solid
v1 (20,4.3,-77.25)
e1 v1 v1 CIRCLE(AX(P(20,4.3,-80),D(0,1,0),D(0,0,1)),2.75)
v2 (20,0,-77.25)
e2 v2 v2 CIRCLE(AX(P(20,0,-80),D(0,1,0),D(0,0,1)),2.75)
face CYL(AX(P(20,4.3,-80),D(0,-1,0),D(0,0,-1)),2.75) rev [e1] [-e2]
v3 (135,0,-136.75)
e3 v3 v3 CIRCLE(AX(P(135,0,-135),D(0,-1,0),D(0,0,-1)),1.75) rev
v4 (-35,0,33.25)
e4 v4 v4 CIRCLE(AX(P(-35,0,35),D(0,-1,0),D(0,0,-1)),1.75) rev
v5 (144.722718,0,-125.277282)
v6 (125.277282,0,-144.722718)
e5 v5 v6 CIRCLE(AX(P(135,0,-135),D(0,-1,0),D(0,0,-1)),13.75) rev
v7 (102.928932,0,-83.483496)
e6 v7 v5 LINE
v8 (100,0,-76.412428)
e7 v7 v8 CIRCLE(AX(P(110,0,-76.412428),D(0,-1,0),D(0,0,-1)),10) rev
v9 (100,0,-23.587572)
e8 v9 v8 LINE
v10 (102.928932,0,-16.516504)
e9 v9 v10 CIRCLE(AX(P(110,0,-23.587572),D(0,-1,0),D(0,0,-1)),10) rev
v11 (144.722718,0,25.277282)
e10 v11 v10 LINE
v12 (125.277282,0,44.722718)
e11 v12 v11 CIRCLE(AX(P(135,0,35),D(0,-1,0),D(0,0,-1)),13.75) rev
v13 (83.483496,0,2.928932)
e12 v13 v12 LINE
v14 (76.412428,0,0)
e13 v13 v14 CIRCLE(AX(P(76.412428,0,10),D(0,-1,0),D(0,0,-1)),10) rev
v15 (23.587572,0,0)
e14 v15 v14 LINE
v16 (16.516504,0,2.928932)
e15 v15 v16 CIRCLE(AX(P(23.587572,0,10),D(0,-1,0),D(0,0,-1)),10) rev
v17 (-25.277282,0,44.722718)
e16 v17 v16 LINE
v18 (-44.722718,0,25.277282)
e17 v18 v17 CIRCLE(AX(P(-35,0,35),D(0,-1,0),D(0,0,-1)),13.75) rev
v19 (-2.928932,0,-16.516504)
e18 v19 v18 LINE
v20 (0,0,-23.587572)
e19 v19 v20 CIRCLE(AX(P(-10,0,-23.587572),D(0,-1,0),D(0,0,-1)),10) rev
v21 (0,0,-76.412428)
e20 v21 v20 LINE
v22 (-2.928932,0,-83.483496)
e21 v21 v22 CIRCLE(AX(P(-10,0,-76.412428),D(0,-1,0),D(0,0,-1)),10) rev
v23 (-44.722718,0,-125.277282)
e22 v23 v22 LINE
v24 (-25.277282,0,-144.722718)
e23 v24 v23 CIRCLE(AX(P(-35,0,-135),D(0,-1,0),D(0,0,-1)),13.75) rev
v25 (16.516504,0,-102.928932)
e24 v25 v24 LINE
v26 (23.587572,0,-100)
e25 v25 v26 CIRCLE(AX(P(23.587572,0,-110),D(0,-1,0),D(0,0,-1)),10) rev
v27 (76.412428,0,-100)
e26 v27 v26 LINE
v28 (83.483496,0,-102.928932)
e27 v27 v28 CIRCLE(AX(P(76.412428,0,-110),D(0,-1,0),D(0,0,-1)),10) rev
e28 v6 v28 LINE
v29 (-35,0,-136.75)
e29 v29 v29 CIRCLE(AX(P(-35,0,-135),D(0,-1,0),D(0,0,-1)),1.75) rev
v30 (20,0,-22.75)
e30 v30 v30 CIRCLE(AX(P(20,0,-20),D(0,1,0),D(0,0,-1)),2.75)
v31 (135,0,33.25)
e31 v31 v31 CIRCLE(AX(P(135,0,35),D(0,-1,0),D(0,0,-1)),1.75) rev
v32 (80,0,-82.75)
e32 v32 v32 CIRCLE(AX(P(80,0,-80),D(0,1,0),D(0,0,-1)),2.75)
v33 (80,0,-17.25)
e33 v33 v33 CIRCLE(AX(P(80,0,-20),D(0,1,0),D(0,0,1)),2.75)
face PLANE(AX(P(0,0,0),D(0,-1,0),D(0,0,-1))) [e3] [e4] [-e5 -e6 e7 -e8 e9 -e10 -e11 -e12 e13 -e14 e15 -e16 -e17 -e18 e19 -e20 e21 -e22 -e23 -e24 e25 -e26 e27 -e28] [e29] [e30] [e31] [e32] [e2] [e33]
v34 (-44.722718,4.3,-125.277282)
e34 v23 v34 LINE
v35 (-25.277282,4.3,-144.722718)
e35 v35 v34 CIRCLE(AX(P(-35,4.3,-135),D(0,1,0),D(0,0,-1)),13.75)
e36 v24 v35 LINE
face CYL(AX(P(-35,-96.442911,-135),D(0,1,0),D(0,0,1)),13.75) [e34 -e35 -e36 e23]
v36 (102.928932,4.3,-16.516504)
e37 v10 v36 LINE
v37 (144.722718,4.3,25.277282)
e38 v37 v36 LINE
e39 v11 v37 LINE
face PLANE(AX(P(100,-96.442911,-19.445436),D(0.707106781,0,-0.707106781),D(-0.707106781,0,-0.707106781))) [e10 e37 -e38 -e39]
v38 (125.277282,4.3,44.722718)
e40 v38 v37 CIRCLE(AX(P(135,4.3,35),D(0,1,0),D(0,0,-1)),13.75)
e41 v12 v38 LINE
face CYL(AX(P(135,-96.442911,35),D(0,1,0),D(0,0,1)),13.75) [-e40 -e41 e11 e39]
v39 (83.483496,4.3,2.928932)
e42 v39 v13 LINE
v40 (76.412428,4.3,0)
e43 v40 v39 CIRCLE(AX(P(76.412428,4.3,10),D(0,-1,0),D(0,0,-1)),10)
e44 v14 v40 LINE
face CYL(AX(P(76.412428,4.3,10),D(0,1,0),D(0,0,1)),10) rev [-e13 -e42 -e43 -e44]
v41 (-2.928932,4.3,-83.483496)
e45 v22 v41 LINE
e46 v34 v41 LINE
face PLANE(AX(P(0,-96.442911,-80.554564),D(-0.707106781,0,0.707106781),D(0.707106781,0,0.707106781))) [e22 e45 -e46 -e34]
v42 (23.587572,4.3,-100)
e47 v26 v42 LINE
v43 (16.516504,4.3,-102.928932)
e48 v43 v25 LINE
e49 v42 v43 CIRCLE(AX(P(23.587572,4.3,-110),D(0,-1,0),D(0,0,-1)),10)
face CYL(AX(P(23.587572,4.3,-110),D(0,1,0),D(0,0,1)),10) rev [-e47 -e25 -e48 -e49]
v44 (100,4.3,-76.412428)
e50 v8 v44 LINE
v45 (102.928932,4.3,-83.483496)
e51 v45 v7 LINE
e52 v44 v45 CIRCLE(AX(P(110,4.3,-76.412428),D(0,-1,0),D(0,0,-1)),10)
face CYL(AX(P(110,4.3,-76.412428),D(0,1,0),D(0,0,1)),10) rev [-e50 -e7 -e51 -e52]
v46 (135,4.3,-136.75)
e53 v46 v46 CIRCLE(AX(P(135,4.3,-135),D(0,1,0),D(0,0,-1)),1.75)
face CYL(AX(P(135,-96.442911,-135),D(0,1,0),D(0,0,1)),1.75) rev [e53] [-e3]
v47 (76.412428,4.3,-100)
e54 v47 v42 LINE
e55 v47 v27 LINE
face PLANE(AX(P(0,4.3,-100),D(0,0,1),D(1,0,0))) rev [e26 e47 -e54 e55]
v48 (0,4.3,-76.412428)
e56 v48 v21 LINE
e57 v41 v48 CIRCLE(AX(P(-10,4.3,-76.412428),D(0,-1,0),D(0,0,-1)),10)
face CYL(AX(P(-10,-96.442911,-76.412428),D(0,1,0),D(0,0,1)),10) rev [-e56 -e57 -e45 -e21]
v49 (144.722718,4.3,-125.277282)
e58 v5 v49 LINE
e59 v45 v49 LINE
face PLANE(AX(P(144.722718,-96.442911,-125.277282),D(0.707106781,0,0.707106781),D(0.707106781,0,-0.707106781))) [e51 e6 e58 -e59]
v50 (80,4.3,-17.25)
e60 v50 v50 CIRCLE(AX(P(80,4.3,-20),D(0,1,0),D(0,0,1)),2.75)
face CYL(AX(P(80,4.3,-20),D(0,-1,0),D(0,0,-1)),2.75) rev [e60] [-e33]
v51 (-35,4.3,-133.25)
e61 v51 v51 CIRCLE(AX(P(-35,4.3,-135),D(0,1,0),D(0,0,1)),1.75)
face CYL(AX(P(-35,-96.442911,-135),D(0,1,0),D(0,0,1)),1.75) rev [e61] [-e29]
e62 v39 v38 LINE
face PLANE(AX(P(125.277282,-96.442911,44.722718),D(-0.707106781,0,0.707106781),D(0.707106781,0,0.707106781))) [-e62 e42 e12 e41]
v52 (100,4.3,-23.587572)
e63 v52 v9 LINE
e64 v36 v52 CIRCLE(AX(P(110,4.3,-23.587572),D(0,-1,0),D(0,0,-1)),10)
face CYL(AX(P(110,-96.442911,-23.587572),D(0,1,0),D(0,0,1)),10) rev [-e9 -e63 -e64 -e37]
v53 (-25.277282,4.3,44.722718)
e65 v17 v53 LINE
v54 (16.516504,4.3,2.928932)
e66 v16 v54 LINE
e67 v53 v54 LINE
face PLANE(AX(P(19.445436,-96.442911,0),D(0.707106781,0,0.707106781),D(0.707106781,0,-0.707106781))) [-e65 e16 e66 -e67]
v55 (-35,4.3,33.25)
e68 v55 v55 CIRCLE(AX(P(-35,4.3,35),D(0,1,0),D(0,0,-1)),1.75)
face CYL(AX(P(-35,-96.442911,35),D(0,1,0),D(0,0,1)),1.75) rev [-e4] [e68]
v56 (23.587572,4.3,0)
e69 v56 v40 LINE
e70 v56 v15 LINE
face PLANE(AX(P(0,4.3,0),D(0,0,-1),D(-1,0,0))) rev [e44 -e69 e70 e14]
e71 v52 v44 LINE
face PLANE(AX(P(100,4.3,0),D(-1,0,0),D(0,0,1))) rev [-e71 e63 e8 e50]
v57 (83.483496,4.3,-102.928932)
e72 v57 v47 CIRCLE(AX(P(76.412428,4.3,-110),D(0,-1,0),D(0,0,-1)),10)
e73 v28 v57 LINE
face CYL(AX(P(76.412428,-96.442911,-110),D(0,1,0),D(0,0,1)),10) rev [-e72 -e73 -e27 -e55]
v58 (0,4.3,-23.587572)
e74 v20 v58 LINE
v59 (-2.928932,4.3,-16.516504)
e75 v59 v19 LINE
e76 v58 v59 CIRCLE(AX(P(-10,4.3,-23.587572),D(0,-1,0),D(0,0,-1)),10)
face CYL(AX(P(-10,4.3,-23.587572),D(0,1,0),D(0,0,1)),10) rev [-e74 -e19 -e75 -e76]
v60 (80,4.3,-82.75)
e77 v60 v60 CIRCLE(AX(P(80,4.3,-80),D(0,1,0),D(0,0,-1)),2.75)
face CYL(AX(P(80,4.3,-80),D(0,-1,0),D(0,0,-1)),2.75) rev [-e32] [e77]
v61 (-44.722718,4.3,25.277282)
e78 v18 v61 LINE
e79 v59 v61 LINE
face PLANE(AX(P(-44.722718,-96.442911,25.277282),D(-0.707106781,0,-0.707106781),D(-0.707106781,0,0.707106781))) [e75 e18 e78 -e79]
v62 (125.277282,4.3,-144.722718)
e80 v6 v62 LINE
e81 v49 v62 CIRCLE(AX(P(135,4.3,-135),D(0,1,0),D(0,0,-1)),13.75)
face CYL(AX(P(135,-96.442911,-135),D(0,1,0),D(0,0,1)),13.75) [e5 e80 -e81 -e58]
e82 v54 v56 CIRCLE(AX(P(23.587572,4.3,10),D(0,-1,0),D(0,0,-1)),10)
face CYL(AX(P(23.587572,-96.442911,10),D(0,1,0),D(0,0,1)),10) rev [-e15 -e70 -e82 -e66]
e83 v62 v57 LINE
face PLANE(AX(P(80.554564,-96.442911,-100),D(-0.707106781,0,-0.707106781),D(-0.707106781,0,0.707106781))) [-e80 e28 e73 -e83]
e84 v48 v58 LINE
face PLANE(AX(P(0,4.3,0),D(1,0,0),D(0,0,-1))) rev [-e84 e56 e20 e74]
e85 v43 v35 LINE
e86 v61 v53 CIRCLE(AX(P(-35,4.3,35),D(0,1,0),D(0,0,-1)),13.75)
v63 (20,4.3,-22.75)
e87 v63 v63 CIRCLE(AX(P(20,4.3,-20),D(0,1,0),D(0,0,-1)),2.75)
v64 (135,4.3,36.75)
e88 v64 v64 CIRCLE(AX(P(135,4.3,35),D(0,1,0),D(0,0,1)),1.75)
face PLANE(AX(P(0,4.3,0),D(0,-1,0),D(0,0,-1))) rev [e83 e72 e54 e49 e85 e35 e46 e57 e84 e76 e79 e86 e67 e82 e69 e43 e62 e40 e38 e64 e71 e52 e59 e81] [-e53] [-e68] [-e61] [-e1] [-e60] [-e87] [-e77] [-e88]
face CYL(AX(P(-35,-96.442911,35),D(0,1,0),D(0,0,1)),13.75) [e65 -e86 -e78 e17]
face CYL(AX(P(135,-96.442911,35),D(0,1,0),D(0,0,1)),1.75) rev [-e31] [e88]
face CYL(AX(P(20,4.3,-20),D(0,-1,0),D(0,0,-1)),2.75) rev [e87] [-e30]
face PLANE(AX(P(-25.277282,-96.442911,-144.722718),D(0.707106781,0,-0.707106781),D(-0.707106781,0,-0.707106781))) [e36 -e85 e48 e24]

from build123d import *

# Parameters (mm, degrees)
SKETCH1_W           = 100
SKETCH1_H           = 100
SKETCH1_R           = 2.75
BOSS_EXTRUDE1_DEPTH = 4.3
SKETCH2_R           = 1.75
BOSS_EXTRUDE2_DEPTH = 4.3
FILLET1_R           = 10


with BuildPart() as part:
    # Sketch1 → Boss-Extrude1 (new body)
    with BuildSketch(Plane(origin=(0, 0, 0), x_dir=(1, 0, 0), z_dir=(0, 1, 0))):
        with Locations((50, 50)):
            Rectangle(SKETCH1_W, SKETCH1_H)
        with Locations((20, 80)):
            Circle(SKETCH1_R, mode=Mode.SUBTRACT)
        with Locations((80, 80)):
            Circle(SKETCH1_R, mode=Mode.SUBTRACT)
        with Locations((80, 20)):
            Circle(SKETCH1_R, mode=Mode.SUBTRACT)
        with Locations((20, 20)):
            Circle(SKETCH1_R, mode=Mode.SUBTRACT)
    extrude(amount=BOSS_EXTRUDE1_DEPTH)

    # Sketch2 → Boss-Extrude2 (add)
    with BuildSketch(Plane(origin=(0, 4.3, 0), x_dir=(1, 0, 0), z_dir=(0, 1, 0))):
        with BuildLine():
            Line((0, 80.554563517), (-44.722718241, 125.277281759))
            ThreePointArc((-44.722718241, 125.277281759), (-44.722718241, 144.722718241), (-25.277281759, 144.722718241))
            Line((-25.277281759, 144.722718241), (19.445436483, 100))
            Line((19.445436483, 100), (0, 100))
            Line((0, 100), (0, 80.554563517))
        make_face()
        with Locations((-35, 135)):
            Circle(SKETCH2_R, mode=Mode.SUBTRACT)
        with BuildLine():
            Line((100, 100), (100, 80.554563517))
            Line((100, 80.554563517), (144.722718241, 125.277281759))
            ThreePointArc((144.722718241, 125.277281759), (144.722718241, 144.722718241), (125.277281759, 144.722718241))
            Line((125.277281759, 144.722718241), (80.554563517, 100))
            Line((80.554563517, 100), (100, 100))
        make_face()
        with Locations((135, 135)):
            Circle(SKETCH2_R, mode=Mode.SUBTRACT)
        with BuildLine():
            Line((100, 0), (80.554563517, 0))
            Line((80.554563517, 0), (125.277281759, -44.722718241))
            ThreePointArc((125.277281759, -44.722718241), (144.722718241, -44.722718241), (144.722718241, -25.277281759))
            Line((144.722718241, -25.277281759), (100, 19.445436483))
            Line((100, 19.445436483), (100, 0))
        make_face()
        with Locations((135, -35)):
            Circle(SKETCH2_R, mode=Mode.SUBTRACT)
        with BuildLine():
            Line((0, 0), (0, 19.445436483))
            Line((0, 19.445436483), (-44.722718241, -25.277281759))
            ThreePointArc((-44.722718241, -25.277281759), (-44.722718241, -44.722718241), (-25.277281759, -44.722718241))
            Line((-25.277281759, -44.722718241), (19.445436483, 0))
            Line((19.445436483, 0), (0, 0))
        make_face()
        with Locations((-35, -35)):
            Circle(SKETCH2_R, mode=Mode.SUBTRACT)
    extrude(amount=-BOSS_EXTRUDE2_DEPTH)

    # Fillet1
    fillet1_edges = [part.edges().sort_by_distance(p)[0] for p in [
        (0, 2.15, -80.554563517),
        (19.445436483, 2.15, -100),
        (80.554563517, 2.15, -100),
        (100, 2.15, -80.554563517),
        (100, 2.15, -19.445436483),
        (80.554563517, 2.15, 0),
        (19.445436483, 2.15, 0),
        (0, 2.15, -19.445436483),
    ]]
    fillet(fillet1_edges, radius=FILLET1_R)


solid = part.part
